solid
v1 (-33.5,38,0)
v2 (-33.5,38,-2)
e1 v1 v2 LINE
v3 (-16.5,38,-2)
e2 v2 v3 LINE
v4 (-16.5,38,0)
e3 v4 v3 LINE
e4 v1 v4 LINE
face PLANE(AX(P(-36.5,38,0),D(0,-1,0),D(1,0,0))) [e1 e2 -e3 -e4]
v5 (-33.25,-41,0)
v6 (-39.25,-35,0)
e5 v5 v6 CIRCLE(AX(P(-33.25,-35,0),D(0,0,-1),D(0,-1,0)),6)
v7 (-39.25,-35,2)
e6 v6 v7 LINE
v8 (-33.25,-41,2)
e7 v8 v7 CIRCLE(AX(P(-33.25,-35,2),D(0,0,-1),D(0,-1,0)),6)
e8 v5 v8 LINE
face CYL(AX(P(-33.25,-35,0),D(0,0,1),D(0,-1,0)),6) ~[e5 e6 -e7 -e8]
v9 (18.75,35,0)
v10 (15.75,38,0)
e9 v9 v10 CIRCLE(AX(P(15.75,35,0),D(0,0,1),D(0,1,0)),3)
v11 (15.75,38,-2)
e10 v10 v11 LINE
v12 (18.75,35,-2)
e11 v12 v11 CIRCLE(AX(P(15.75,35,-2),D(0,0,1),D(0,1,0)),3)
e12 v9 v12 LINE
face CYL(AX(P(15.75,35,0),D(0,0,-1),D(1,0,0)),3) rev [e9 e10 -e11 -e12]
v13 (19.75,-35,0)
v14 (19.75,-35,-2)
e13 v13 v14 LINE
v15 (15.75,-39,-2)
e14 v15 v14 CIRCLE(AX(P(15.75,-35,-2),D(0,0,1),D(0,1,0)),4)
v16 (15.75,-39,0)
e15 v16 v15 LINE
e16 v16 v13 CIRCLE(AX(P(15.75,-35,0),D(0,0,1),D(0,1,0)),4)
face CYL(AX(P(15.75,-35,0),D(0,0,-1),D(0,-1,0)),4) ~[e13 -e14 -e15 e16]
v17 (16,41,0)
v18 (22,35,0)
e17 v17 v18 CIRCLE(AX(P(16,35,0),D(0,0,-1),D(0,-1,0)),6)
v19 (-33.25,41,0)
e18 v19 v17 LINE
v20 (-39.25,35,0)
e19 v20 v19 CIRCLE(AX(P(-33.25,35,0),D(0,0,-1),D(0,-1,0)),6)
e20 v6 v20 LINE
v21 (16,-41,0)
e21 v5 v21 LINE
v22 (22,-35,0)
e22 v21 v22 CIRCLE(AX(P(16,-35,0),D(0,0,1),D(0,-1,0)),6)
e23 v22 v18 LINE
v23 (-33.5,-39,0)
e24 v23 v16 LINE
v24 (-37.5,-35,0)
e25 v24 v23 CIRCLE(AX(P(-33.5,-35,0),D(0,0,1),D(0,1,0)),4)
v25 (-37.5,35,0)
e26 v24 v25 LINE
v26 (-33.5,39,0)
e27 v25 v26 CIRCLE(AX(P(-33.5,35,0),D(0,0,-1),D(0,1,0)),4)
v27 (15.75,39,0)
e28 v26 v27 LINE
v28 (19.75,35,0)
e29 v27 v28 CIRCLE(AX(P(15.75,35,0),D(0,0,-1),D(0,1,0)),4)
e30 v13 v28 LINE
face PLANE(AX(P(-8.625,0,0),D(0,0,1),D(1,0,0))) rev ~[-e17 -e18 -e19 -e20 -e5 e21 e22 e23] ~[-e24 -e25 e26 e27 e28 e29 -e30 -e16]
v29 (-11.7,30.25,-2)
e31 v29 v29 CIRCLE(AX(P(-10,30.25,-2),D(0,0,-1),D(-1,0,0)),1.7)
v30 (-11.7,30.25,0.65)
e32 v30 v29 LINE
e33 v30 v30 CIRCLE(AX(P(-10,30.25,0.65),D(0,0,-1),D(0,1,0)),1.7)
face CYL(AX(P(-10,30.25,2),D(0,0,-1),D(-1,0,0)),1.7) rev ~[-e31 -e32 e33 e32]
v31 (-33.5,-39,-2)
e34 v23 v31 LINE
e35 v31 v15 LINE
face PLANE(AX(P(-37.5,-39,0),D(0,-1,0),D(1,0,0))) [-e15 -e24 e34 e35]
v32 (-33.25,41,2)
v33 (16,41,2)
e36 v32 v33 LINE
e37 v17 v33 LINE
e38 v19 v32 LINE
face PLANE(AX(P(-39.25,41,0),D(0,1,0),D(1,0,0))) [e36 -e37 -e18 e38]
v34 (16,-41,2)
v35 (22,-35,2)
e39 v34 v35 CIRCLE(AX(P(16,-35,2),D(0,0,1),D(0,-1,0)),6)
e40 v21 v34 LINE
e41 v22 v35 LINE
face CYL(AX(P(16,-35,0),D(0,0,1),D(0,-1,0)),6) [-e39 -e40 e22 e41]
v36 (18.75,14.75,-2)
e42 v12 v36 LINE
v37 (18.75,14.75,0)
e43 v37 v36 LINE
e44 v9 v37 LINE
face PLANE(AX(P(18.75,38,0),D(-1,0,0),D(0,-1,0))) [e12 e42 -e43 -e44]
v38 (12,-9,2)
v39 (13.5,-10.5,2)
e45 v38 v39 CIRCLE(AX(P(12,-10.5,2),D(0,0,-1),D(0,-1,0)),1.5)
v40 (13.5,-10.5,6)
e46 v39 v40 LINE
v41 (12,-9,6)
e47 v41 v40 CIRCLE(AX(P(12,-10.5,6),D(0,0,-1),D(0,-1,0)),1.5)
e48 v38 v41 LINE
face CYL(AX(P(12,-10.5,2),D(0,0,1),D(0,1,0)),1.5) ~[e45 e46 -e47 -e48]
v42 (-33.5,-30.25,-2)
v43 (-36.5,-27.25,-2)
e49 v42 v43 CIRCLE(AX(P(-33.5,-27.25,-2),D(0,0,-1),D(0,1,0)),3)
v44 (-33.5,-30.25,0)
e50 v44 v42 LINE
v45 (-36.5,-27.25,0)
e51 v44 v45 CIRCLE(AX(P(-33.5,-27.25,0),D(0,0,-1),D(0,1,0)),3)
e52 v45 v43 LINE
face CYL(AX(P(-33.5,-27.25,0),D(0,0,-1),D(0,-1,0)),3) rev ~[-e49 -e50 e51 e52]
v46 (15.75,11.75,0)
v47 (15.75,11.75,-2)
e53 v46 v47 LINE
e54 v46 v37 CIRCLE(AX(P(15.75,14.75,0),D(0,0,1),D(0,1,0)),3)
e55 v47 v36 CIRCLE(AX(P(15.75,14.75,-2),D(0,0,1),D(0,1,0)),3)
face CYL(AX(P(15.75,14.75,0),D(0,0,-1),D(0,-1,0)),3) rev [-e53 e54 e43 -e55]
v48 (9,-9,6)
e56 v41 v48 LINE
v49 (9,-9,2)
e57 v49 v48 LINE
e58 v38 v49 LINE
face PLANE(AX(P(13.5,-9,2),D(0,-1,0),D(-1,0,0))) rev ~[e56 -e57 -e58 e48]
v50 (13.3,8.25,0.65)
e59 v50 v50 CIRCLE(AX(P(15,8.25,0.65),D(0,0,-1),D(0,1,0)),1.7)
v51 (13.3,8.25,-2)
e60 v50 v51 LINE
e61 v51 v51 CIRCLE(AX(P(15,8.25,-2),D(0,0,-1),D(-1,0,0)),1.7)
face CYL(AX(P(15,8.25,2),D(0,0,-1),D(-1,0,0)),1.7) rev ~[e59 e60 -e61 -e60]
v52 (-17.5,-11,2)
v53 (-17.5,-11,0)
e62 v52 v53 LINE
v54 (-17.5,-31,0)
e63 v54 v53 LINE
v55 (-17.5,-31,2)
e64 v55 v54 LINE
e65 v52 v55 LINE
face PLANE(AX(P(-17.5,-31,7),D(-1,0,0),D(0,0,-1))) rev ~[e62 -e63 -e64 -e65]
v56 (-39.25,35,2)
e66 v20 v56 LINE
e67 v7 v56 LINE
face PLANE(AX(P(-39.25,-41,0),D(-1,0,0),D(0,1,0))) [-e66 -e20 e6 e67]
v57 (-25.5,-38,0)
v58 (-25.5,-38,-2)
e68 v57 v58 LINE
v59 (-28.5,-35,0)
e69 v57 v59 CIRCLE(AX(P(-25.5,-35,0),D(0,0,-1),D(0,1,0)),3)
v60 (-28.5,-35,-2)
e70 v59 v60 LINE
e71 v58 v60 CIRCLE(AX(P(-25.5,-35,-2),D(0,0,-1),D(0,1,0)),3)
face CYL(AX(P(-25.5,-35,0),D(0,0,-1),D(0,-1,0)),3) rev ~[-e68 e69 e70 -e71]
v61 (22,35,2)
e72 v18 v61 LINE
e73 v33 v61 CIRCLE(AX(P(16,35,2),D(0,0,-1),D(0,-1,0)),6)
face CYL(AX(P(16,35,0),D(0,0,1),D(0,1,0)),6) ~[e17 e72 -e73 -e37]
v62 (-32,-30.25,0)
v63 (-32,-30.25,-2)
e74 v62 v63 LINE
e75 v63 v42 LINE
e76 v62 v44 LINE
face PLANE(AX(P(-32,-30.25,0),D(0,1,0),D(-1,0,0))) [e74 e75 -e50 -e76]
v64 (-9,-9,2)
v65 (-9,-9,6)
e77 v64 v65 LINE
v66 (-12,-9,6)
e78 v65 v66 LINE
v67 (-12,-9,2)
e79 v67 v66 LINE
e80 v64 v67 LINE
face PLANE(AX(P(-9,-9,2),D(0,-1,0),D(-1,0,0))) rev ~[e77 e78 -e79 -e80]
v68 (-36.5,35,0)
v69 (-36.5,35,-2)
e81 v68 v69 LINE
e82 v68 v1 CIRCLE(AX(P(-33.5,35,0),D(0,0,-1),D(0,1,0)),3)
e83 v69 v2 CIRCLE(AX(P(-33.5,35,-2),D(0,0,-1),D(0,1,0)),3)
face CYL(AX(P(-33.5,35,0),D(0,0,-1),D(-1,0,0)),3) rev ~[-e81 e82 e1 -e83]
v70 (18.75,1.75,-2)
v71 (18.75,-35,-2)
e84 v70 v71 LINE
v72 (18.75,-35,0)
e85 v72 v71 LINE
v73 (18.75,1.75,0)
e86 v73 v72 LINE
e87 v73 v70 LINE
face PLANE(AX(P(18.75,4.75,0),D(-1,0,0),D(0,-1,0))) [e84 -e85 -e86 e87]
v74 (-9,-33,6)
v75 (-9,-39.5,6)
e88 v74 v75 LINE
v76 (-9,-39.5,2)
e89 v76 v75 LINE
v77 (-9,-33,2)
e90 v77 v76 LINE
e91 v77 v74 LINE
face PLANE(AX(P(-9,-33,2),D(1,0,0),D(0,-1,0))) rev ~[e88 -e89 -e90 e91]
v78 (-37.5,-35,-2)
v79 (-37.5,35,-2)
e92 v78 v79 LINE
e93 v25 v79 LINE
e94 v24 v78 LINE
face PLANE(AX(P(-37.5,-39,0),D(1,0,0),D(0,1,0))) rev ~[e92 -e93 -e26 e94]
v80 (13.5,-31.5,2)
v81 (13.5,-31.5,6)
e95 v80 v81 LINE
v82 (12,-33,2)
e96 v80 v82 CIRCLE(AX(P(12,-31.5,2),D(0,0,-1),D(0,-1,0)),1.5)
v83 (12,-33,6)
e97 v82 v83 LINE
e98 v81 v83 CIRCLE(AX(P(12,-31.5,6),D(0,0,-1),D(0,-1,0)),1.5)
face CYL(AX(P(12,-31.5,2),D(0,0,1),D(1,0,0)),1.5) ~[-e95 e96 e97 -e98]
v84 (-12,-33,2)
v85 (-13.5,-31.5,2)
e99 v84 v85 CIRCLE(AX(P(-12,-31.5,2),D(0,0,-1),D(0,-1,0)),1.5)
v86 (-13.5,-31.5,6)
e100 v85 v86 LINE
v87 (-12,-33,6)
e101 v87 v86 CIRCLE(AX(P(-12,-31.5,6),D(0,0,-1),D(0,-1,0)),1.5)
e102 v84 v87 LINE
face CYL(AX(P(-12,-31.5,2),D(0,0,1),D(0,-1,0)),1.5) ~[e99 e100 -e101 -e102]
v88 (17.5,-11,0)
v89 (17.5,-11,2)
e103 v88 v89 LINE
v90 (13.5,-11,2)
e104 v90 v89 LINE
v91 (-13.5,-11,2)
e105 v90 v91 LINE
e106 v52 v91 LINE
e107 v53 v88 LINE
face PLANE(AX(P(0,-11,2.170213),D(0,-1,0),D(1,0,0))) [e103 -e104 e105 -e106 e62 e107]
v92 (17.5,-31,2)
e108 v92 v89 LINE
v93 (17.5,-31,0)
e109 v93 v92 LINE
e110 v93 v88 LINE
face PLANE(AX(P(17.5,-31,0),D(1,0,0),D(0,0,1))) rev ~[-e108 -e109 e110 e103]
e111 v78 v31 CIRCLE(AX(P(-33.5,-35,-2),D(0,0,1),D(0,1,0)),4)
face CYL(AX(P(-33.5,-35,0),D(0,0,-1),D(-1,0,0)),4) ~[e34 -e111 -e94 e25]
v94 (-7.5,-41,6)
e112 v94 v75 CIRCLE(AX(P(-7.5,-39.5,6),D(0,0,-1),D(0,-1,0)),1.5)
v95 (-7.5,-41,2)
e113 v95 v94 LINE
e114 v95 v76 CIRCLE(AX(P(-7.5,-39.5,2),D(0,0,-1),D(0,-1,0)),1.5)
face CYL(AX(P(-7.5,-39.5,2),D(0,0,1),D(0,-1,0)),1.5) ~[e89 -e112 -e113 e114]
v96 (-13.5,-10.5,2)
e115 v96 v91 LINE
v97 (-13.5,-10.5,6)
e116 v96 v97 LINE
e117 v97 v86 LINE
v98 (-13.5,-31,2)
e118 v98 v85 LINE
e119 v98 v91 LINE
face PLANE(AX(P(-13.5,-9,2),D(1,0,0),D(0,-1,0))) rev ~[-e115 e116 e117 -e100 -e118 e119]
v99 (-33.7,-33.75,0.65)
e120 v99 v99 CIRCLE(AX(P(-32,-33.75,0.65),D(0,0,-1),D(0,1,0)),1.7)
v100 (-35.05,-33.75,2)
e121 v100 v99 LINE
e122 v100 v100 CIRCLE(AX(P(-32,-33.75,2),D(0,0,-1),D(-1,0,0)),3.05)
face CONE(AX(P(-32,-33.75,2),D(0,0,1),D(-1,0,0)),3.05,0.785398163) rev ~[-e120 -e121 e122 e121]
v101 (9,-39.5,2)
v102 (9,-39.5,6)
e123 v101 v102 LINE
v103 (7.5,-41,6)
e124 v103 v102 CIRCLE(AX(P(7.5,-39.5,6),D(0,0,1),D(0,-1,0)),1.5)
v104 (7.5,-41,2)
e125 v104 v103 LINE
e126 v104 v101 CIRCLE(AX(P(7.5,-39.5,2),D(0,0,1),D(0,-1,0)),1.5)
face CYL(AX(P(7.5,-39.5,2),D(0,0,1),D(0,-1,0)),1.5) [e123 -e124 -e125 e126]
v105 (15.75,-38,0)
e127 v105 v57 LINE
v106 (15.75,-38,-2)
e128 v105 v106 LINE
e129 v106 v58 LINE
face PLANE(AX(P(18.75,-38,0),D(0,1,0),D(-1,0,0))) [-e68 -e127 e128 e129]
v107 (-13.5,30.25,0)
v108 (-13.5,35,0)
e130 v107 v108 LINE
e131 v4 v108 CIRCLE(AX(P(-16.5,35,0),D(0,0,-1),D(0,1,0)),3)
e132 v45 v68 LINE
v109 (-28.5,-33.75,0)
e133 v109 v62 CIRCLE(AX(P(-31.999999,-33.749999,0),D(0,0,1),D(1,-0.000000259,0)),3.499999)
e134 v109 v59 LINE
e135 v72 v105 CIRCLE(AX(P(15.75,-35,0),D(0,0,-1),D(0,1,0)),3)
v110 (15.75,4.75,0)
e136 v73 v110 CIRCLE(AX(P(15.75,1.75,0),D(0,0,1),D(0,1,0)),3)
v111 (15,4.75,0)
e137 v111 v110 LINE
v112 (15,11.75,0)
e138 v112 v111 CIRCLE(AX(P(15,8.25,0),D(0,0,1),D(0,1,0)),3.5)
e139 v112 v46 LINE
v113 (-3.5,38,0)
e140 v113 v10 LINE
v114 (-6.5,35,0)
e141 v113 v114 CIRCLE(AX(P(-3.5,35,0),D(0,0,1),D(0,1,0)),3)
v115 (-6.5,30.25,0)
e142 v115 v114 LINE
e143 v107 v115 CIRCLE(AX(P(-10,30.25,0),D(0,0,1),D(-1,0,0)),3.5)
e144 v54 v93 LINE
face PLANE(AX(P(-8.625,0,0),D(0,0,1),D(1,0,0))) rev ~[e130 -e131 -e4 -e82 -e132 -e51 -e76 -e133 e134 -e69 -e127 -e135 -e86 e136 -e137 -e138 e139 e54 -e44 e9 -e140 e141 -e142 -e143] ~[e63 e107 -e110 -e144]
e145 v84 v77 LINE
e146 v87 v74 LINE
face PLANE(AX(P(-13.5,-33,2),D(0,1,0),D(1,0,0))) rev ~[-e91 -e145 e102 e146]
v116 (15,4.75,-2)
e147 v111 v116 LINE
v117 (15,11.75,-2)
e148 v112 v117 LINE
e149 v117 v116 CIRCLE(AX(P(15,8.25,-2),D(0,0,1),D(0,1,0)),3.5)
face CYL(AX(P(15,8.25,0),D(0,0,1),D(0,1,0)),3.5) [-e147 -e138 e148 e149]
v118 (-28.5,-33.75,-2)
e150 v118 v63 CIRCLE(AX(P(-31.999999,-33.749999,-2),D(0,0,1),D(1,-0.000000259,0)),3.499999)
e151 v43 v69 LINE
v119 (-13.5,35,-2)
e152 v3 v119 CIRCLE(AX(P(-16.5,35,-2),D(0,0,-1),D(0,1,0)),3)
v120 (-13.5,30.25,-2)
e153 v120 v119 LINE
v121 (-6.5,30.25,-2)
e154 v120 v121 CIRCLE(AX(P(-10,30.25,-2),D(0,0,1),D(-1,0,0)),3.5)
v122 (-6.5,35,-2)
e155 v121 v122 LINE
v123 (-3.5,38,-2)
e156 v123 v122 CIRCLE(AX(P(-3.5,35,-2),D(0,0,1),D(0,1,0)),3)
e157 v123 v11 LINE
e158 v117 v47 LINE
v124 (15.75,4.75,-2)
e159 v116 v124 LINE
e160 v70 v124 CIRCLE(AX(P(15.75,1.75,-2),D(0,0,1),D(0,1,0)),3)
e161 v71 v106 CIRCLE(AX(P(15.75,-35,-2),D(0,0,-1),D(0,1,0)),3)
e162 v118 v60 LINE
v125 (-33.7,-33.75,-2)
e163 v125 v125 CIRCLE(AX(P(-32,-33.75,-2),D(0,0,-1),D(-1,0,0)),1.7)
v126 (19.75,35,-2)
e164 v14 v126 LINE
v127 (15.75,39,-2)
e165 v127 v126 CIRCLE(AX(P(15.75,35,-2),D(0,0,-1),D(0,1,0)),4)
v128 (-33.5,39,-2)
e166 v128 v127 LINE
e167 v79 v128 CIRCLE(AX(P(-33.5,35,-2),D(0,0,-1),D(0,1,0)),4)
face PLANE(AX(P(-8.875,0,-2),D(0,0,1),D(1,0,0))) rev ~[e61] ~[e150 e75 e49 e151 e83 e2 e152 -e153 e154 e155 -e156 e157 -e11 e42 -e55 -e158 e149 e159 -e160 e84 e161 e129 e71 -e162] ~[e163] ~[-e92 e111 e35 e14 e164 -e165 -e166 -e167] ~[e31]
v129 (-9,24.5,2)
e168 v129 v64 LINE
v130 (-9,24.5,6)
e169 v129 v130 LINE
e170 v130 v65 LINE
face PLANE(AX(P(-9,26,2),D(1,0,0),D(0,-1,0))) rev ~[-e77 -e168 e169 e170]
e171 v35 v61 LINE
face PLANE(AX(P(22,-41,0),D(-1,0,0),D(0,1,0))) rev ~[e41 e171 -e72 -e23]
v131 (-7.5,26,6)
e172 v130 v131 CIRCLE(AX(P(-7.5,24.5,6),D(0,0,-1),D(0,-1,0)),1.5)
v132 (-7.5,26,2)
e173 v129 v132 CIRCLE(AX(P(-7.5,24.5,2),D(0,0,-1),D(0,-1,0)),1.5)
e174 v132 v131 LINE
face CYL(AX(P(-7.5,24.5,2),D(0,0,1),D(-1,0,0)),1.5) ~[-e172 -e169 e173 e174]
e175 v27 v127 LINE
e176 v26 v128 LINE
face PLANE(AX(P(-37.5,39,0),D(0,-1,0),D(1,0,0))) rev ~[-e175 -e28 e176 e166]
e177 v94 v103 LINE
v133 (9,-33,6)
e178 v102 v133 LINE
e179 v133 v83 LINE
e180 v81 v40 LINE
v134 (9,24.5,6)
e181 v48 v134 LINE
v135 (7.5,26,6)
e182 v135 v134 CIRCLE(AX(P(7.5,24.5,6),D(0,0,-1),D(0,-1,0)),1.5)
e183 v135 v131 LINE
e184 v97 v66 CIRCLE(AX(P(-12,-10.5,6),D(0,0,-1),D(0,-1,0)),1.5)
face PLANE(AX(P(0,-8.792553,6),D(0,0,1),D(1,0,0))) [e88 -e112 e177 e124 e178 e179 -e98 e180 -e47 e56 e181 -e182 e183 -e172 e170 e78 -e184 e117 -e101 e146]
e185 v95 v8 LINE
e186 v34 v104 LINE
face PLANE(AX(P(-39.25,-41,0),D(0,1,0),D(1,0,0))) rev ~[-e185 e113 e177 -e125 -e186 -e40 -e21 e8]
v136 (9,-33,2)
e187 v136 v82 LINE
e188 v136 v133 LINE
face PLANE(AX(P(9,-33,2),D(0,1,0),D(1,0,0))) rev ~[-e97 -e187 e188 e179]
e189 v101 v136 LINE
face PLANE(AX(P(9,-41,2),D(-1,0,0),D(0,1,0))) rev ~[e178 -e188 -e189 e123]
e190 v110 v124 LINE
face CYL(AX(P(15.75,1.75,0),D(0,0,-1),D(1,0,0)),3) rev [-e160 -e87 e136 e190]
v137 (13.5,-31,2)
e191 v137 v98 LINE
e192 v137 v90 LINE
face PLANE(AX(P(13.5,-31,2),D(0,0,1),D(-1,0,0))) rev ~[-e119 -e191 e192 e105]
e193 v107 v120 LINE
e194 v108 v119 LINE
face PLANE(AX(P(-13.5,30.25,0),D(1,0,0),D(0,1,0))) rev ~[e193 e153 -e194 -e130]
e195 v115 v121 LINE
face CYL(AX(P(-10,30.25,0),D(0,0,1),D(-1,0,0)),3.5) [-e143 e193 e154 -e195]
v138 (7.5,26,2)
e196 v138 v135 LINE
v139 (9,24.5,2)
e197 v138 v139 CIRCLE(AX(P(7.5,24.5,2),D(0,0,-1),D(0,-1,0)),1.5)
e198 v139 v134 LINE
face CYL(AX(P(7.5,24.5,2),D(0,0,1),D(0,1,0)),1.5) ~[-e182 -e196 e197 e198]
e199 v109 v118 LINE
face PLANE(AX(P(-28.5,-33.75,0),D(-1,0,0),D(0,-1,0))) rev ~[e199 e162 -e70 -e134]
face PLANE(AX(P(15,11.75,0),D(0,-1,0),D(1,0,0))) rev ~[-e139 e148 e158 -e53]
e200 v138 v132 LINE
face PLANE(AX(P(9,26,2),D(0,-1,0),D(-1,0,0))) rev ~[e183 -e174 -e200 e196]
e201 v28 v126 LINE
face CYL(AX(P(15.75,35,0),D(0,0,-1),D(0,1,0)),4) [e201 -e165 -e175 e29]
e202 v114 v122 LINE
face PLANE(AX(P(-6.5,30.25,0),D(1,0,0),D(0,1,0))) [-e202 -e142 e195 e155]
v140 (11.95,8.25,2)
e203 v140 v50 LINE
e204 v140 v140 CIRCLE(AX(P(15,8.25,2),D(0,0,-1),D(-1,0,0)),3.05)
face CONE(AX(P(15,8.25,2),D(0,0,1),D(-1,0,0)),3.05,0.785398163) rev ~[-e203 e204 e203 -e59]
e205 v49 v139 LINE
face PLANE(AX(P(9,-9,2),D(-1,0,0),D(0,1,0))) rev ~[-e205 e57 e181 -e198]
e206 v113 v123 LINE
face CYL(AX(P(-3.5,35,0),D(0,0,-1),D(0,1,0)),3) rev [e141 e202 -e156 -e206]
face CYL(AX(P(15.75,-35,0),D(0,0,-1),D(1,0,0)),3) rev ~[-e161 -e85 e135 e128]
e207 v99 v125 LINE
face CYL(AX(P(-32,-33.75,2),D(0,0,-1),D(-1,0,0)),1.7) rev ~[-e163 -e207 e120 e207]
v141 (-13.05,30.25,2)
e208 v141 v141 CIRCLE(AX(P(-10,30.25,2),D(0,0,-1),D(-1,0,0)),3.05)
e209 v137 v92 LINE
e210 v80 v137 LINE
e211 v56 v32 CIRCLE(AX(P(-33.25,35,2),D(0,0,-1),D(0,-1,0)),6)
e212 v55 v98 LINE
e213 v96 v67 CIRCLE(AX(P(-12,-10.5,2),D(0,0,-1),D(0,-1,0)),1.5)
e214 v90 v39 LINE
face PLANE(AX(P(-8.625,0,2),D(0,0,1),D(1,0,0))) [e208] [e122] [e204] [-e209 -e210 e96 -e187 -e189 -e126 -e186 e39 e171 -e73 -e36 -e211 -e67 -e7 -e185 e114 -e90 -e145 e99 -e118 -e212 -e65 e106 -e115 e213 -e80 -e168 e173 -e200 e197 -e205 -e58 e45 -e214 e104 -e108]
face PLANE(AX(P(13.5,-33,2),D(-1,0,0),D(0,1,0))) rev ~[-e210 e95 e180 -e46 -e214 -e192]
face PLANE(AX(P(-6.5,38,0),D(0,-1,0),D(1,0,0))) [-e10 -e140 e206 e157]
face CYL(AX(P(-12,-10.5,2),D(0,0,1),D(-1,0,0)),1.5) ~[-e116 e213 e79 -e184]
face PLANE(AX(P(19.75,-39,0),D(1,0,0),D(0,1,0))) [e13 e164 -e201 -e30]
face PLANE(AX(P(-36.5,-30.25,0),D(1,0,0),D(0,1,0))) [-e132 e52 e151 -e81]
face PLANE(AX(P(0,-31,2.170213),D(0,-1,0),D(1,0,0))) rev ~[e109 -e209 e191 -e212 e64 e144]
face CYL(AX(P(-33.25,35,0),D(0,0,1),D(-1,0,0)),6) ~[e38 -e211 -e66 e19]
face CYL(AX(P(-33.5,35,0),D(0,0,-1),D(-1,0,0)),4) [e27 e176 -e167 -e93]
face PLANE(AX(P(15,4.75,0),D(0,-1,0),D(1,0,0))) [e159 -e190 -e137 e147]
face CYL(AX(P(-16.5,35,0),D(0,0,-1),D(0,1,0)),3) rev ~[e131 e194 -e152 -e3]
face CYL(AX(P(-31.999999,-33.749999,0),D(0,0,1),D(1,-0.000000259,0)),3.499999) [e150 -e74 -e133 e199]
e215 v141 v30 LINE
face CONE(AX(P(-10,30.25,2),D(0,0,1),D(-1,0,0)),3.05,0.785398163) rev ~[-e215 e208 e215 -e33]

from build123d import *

# Parameters (mm, degrees)
SKETCH008_W      = 57.25
SKETCH008_H      = 78
PAD004_DEPTH     = 2
SKETCH009_W      = 61.25
SKETCH009_H      = 82
PAD005_DEPTH     = 2
PAD006_DEPTH     = 4
POCKET004_DEPTH  = 20
HOLE_D           = 3.4
HOLE_DEPTH       = 25
HOLE_CSINK_D     = 6.1
HOLE_CSINK_ANGLE = 90
FILLET003_R      = 3
FILLET004_R      = 4
FILLET005_R      = 1.5
FILLET006_R      = 6


with BuildPart() as part:
    # Sketch008 → Pad004 (new body)
    with BuildSketch(Plane.XY):
        with Locations((-8.875, 0)):
            Rectangle(SKETCH008_W, SKETCH008_H)
        with BuildLine():
            ThreePointArc((-13.5, 30.25), (-10, 26.75), (-6.5, 30.25))
            Line((-6.5, 30.25), (-6.5, 38))
            Line((-6.5, 38), (18.75, 38))
            Line((18.75, 38), (18.75, 11.75))
            Line((15, 11.75), (18.75, 11.75))
            ThreePointArc((15, 11.75), (11.5, 8.25), (15, 4.75))
            Line((15, 4.75), (18.75, 4.75))
            Line((18.75, 4.75), (18.75, -38))
            Line((18.75, -38), (-28.5, -38))
            Line((-28.5, -33.75), (-28.5, -38))
            ThreePointArc((-28.5, -33.75), (-29.525126, -31.275126), (-32, -30.25))
            Line((-32, -30.25), (-36.5, -30.25))
            Line((-36.5, -30.25), (-36.5, 38))
            Line((-36.5, 38), (-13.5, 38))
            Line((-13.5, 30.25), (-13.5, 38))
        make_face(mode=Mode.SUBTRACT)
    extrude(amount=-PAD004_DEPTH)

    # Sketch009 → Pad005 (join)
    with BuildSketch(Plane.XY):
        with Locations((-8.625, 0)):
            Rectangle(SKETCH009_W, SKETCH009_H)
    extrude(amount=PAD005_DEPTH)

    # Sketch010 (on DatumPlane) → Pad006 (join)
    with BuildSketch(Plane.XY.offset(2)):
        Polygon((-13.5, -33), (-9, -33), (-9, -41), (9, -41), (9, -33), (13.5, -33), (13.5, -9), (9, -9), (9, 26), (-9, 26), (-9, -9), (-13.5, -9), align=None)
    extrude(amount=PAD006_DEPTH)

    # Sketch011 (on DatumPlane) → Pocket004 (cut)
    with BuildSketch(Plane.XZ.offset(31)):
        Polygon((-17.5, 7), (-17.5, 0), (17.5, 0), (17.5, 7), (13.5, 7), (13.5, 2), (-13.5, 2), (-13.5, 7), align=None)
    extrude(amount=-POCKET004_DEPTH, mode=Mode.SUBTRACT)

    # Hole
    with Locations(Plane.XY.offset(2)):
        with Locations((-32, -33.75), (-10, 30.25), (15, 8.25)):
            CounterSinkHole(HOLE_D / 2, HOLE_CSINK_D / 2, depth=HOLE_DEPTH, counter_sink_angle=HOLE_CSINK_ANGLE)

    # Fillet003
    fillet003_edges = [part.edges().sort_by_distance(p)[0] for p in [
        (18.75, 4.75, -1),
        (18.75, 11.75, -1),
        (-6.5, 38, -1),
        (-13.5, 38, -1),
        (-36.5, -30.25, -1),
        (-28.5, -38, -1),
        (-36.5, 38, -1),
        (18.75, -38, -1),
        (18.75, 38, -1),
    ]]
    fillet(fillet003_edges, radius=FILLET003_R)

    # Fillet004
    fillet004_edges = [part.edges().sort_by_distance(p)[0] for p in [
        (19.75, -39, -1),
        (-37.5, -39, -1),
        (19.75, 39, -1),
        (-37.5, 39, -1),
    ]]
    fillet(fillet004_edges, radius=FILLET004_R)

    # Fillet005
    fillet005_edges = [part.edges().sort_by_distance(p)[0] for p in [
        (9, -41, 4),
        (-9, -41, 4),
        (13.5, -9, 4),
        (9, 26, 4),
        (-9, 26, 4),
        (-13.5, -9, 4),
        (-13.5, -33, 4),
        (13.5, -33, 4),
    ]]
    fillet(fillet005_edges, radius=FILLET005_R)

    # Fillet006
    fillet006_edges = [part.edges().sort_by_distance(p)[0] for p in [
        (-39.25, -41, 1),
        (22, -41, 1),
        (22, 41, 1),
        (-39.25, 41, 1),
    ]]
    fillet(fillet006_edges, radius=FILLET006_R)


solid = part.part
